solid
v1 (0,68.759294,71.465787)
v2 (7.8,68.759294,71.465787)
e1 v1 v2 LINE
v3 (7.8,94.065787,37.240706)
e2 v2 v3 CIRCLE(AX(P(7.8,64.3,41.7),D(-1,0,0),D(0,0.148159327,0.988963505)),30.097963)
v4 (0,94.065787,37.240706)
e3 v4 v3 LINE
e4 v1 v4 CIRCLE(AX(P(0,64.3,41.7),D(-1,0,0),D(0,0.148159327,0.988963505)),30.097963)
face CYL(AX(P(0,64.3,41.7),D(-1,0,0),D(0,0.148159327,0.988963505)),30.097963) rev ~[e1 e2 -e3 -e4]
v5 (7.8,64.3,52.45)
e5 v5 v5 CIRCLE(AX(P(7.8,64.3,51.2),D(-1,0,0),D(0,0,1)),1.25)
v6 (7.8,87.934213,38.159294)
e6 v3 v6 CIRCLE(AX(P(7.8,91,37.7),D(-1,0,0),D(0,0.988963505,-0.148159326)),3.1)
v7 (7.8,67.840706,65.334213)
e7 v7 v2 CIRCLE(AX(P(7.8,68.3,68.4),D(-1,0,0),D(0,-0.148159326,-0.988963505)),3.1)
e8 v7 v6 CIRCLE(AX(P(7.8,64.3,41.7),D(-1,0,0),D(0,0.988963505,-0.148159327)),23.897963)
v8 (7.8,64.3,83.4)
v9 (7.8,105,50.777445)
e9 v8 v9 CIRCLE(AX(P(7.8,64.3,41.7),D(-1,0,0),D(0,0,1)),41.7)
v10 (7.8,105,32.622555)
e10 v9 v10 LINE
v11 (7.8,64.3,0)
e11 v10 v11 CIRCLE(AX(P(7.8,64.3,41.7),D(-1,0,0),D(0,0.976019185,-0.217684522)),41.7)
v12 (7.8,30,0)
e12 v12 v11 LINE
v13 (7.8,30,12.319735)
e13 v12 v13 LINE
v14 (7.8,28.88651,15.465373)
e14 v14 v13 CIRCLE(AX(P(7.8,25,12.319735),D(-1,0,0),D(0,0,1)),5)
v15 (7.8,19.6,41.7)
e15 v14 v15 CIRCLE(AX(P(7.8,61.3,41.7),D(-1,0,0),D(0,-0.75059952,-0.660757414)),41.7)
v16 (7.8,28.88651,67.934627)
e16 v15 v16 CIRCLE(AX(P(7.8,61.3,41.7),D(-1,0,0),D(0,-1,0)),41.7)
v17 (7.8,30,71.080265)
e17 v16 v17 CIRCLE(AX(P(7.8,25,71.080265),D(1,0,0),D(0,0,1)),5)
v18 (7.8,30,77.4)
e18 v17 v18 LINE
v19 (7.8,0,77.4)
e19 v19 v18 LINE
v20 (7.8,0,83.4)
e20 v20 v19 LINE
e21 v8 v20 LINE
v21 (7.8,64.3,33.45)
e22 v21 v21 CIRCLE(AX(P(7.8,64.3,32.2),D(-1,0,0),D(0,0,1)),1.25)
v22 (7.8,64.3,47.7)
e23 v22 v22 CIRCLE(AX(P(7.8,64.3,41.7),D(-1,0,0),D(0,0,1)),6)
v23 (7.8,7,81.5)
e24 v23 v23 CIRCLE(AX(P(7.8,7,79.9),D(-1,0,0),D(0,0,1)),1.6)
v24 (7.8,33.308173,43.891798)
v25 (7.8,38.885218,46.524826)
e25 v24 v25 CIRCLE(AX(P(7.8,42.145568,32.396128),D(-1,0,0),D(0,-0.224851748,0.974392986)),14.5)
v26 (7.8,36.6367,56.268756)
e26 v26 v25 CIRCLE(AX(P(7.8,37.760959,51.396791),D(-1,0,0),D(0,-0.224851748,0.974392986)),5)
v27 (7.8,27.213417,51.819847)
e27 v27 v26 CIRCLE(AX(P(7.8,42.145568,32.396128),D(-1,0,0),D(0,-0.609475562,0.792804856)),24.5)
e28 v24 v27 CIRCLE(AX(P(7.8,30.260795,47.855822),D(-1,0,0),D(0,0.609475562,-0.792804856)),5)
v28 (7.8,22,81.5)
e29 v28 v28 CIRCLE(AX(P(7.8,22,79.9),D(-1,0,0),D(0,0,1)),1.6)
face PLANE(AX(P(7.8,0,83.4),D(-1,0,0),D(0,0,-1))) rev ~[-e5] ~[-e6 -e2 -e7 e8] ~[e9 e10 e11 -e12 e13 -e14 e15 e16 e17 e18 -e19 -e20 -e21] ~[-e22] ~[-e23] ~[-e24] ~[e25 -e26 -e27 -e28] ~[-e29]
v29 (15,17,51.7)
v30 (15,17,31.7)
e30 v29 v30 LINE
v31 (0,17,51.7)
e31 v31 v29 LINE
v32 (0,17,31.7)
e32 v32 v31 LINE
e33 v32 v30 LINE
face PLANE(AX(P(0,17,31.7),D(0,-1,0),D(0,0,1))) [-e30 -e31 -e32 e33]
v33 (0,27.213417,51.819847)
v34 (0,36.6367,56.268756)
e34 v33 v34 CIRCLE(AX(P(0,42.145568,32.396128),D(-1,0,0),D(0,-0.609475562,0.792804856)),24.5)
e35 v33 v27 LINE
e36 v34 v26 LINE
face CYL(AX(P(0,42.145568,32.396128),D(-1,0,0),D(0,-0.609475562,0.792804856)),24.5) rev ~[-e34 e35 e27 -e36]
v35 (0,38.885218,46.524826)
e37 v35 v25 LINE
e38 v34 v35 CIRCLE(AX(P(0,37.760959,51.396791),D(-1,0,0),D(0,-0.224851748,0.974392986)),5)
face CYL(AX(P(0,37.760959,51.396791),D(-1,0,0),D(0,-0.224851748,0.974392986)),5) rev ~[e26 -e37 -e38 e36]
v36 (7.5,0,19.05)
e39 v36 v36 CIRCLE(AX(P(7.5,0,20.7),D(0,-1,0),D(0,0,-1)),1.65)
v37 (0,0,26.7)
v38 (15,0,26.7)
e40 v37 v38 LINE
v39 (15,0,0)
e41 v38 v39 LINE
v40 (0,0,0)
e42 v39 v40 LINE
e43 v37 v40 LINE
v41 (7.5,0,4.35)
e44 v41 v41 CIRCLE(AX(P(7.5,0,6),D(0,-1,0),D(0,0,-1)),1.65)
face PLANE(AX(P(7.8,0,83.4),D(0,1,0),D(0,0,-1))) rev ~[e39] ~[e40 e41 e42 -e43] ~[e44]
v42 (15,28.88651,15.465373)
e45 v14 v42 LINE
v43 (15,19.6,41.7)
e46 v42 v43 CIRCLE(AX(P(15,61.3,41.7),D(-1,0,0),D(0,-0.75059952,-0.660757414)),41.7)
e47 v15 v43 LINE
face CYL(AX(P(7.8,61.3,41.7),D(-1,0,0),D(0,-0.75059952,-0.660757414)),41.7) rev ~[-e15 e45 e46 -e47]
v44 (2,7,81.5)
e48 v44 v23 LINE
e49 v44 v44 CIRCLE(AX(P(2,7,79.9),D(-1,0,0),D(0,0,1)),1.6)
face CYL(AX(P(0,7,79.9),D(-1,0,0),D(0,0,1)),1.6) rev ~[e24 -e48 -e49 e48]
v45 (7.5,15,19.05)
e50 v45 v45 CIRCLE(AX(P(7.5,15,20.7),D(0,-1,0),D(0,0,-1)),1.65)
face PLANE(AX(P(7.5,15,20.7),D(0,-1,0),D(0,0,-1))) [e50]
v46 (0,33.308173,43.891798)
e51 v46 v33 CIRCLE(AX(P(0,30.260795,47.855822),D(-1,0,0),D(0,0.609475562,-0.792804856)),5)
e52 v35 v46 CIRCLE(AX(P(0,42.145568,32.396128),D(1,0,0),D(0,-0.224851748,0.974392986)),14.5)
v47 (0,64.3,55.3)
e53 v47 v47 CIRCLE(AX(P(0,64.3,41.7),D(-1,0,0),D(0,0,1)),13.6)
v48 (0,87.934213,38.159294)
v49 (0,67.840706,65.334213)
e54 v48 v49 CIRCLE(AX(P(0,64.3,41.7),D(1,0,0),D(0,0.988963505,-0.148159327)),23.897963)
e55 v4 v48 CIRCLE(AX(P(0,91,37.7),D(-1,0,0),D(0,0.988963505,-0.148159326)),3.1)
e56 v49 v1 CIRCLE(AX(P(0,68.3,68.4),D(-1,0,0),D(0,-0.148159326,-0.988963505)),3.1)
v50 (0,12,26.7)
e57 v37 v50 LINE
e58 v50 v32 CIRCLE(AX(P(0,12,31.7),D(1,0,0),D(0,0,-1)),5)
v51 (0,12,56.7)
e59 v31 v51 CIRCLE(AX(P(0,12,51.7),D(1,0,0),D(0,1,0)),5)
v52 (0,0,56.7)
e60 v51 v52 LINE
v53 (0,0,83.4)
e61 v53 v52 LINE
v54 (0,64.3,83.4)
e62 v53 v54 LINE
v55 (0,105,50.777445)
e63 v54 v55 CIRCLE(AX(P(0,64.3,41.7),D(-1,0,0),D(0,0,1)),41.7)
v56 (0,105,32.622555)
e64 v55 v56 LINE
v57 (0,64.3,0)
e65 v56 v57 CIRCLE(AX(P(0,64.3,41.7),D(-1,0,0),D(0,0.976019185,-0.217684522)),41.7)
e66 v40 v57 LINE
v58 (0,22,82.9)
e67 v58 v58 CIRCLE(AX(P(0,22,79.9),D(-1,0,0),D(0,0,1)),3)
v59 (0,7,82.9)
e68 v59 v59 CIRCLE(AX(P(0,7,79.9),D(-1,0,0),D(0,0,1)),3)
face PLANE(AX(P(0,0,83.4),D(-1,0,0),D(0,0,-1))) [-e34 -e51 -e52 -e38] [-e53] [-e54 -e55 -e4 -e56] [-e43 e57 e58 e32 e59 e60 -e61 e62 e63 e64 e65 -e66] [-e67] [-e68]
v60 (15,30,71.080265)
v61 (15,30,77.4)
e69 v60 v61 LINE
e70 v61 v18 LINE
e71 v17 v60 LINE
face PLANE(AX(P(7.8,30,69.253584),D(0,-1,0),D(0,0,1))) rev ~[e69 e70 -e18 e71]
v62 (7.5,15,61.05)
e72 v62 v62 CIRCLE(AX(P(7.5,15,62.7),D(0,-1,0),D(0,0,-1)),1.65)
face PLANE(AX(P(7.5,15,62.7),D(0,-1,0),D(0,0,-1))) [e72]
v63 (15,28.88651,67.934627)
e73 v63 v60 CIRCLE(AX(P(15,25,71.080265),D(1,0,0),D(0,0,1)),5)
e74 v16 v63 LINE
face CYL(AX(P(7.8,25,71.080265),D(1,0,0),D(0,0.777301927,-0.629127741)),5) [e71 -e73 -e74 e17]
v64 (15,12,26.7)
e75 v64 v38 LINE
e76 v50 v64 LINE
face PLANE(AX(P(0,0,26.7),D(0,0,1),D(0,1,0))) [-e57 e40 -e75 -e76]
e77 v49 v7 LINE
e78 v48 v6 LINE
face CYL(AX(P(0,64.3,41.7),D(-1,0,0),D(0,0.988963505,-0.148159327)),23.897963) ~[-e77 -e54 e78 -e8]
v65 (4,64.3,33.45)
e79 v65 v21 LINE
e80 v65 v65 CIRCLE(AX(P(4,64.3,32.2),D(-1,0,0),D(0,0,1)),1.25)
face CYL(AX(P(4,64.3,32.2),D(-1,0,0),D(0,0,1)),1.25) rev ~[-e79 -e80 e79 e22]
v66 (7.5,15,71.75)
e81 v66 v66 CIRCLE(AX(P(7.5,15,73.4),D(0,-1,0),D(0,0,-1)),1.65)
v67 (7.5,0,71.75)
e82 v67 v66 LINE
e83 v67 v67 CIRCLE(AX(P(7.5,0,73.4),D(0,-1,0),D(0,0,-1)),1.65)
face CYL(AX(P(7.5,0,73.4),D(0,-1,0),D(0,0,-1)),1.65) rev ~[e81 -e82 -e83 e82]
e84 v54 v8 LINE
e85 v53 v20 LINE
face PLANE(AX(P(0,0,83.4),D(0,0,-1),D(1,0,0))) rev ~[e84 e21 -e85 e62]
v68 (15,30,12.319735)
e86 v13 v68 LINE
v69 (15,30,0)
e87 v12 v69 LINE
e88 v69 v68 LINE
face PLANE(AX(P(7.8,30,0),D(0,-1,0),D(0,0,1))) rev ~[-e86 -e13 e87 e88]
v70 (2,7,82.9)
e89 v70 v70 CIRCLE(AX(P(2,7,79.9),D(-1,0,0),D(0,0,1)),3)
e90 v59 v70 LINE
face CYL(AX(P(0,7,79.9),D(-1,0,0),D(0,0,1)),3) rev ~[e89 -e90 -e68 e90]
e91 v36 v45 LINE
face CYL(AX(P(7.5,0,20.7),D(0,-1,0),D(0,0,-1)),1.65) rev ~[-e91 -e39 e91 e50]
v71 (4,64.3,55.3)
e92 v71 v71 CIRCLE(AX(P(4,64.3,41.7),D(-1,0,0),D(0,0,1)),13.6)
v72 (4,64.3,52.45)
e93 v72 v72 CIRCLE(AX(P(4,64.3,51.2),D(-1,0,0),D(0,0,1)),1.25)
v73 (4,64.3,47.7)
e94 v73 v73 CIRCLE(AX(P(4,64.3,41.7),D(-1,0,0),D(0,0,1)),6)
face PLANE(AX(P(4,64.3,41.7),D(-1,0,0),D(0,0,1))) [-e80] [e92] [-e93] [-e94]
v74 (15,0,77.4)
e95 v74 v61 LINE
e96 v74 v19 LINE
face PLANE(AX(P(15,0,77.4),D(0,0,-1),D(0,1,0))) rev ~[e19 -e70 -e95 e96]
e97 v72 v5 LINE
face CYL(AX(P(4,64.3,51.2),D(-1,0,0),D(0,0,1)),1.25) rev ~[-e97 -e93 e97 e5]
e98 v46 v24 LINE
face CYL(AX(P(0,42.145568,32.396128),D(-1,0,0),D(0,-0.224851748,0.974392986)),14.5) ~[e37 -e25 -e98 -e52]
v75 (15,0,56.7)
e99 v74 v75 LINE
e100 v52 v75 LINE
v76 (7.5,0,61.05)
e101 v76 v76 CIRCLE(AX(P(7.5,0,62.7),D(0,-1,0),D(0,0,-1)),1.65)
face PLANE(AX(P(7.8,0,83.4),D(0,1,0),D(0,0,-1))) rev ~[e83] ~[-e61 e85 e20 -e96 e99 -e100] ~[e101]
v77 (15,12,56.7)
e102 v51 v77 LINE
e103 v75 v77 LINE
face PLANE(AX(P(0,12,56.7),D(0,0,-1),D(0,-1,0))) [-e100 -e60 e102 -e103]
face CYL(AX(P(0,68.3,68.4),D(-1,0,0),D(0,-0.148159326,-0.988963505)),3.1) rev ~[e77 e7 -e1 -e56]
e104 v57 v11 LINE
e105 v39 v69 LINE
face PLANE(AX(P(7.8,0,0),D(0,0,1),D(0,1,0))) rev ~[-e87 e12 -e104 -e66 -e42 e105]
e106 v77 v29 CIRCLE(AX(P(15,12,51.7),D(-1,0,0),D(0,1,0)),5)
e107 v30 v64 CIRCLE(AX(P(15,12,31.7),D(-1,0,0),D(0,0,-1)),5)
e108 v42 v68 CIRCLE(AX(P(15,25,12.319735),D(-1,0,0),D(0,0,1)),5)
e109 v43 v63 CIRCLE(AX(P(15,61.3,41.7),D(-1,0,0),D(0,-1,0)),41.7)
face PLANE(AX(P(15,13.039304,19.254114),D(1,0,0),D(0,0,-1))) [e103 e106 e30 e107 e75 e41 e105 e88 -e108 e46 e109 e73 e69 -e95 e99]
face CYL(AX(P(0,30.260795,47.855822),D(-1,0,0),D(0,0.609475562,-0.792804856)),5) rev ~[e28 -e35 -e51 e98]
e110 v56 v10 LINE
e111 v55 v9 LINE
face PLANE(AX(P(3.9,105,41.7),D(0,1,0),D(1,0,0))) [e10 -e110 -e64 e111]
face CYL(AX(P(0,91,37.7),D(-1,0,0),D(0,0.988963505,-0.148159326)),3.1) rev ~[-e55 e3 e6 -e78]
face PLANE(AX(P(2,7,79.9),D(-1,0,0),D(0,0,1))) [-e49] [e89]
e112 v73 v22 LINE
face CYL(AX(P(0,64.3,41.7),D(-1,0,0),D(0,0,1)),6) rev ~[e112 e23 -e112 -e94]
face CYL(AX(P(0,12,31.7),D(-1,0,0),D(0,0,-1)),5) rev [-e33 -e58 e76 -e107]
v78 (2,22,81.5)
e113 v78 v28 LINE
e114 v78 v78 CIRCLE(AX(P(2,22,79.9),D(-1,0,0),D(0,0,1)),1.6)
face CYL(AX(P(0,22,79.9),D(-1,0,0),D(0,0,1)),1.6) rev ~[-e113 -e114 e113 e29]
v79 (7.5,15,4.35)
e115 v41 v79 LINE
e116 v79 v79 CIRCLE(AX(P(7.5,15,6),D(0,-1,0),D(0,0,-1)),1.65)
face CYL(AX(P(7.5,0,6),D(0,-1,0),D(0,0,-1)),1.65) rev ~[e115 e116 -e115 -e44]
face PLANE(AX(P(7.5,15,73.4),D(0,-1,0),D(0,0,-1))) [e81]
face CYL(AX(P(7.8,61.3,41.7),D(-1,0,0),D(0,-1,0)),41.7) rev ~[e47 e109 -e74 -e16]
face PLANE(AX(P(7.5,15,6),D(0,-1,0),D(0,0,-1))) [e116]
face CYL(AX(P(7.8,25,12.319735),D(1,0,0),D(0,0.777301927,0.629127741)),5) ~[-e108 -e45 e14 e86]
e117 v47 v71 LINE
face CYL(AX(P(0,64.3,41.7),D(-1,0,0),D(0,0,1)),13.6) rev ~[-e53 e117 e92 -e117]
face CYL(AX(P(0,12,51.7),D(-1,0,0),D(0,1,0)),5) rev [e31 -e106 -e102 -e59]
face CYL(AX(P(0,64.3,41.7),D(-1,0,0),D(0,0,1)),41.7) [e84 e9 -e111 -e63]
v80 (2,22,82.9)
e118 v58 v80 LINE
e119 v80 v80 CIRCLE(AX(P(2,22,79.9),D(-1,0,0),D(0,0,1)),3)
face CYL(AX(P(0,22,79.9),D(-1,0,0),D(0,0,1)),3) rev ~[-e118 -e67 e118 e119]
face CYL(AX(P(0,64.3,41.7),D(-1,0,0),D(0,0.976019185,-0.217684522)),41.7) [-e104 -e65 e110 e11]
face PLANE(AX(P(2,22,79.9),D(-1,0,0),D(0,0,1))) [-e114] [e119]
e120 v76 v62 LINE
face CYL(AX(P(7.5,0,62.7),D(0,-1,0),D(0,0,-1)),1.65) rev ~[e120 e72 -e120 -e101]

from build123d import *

# Parameters (mm, degrees)
SKETCH_1_W           = 7.8
SKETCH_1_H           = 83.4
EXTRUDE_1_DEPTH      = 105
CUT_EXTRUDE_1_DEPTH  = 135.318278726
SKETCH_3_R           = 6
CUT_EXTRUDE_2_DEPTH  = 135.318278726
SKETCH_4_R           = 13.6
CUT_EXTRUDE_3_DEPTH  = 4
SKETCH_5_R           = 1.25
CUT_EXTRUDE_4_DEPTH  = 4
EXTRUDE_2_DEPTH      = 7.2
SKETCH_7_W           = 6
SKETCH_7_H           = 30
CUT_EXTRUDE_5_DEPTH  = 7.2
CUT_EXTRUDE_6_DEPTH  = 135.92798079
SKETCH_9_R           = 1.65
CUT_EXTRUDE_7_DEPTH  = 15
CUT_EXTRUDE_8_DEPTH  = 135.92798079
FILLET_1_R           = 5
CUT_EXTRUDE_10_DEPTH = 135.92798079
SKETCH_16_R          = 1.6
CUT_EXTRUDE_11_DEPTH = 135.92798079
SKETCH_17_R          = 3
CUT_EXTRUDE_12_DEPTH = 2


with BuildPart() as part:
    # 草图1 → 凸台-拉伸1 (new body)
    with BuildSketch(Plane(origin=(0, 0, 0), x_dir=(1, 0, 0), z_dir=(0, 1, 0))):
        with Locations((3.9, -41.7)):
            Rectangle(SKETCH_1_W, SKETCH_1_H)
    extrude(amount=EXTRUDE_1_DEPTH)

    # 草图2 → 切除-拉伸1 (cut, through all)
    with BuildSketch(Plane.ZY):
        with BuildLine():
            Line((0, 64.3), (0, 105))
            Line((0, 105), (32.622555426, 105))
            ThreePointArc((32.622555426, 105), (9.162180169, 90.380266115), (0, 64.3))
        make_face()
        with BuildLine():
            Line((83.4, 105), (83.4, 64.3))
            ThreePointArc((83.4, 64.3), (74.237819831, 90.380266115), (50.777444574, 105))
            Line((50.777444574, 105), (83.4, 105))
        make_face()
    extrude(amount=-CUT_EXTRUDE_1_DEPTH, mode=Mode.SUBTRACT)

    # 草图3 → 切除-拉伸2 (cut, through all)
    with BuildSketch(Plane.ZY):
        with Locations((41.7, 64.3)):
            Circle(SKETCH_3_R)
    extrude(amount=-CUT_EXTRUDE_2_DEPTH, mode=Mode.SUBTRACT)

    # 草图4 → 切除-拉伸3 (cut)
    with BuildSketch(Plane.ZY):
        with Locations((41.7, 64.3)):
            Circle(SKETCH_4_R)
    extrude(amount=-CUT_EXTRUDE_3_DEPTH, mode=Mode.SUBTRACT)

    # 草图5 → 切除-拉伸4 (cut)
    with BuildSketch(Plane.ZY.offset(-4)):
        with Locations((32.2, 64.3)):
            Circle(SKETCH_5_R)
        with Locations((51.2, 64.3)):
            Circle(SKETCH_5_R)
    extrude(amount=-CUT_EXTRUDE_4_DEPTH, mode=Mode.SUBTRACT)

    # 草图6 → 凸台-拉伸2 (add)
    with BuildSketch(Plane(origin=(7.8, 0, 0), x_dir=(0, 0, -1), z_dir=(1, 0, 0))):
        with BuildLine():
            ThreePointArc((-14.146415841, 30), (-26.974511893, 22.286540784), (-41.7, 19.6))
            Line((-41.7, 19.6), (-41.7, 0))
            Line((-41.7, 0), (0, 0))
            Line((0, 0), (0, 30))
            Line((0, 30), (-14.146415841, 30))
        make_face()
        with BuildLine():
            Line((-41.7, 0), (-41.7, 19.6))
            ThreePointArc((-41.7, 19.6), (-56.425488107, 22.286540784), (-69.253584159, 30))
            Line((-69.253584159, 30), (-83.4, 30))
            Line((-83.4, 30), (-83.4, 0))
            Line((-83.4, 0), (-41.7, 0))
        make_face()
    extrude(amount=EXTRUDE_2_DEPTH)

    # 草图7 → 切除-拉伸5 (cut)
    with BuildSketch(Plane(origin=(15, 0, 0), x_dir=(0, 0, -1), z_dir=(1, 0, 0))):
        with Locations((-80.4, 15)):
            Rectangle(SKETCH_7_W, SKETCH_7_H)
    extrude(amount=-CUT_EXTRUDE_5_DEPTH, mode=Mode.SUBTRACT)

    # 草图8 → 切除-拉伸6 (cut, through all)
    with BuildSketch(Plane.ZY):
        with BuildLine():
            Line((31.7, 17), (51.7, 17))
            ThreePointArc((51.7, 17), (55.235533906, 15.535533906), (56.7, 12))
            Line((56.7, 12), (56.7, 0))
            Line((56.7, 0), (26.7, 0))
            Line((26.7, 0), (26.7, 12))
            ThreePointArc((26.7, 12), (28.164466094, 15.535533906), (31.7, 17))
        make_face()
    extrude(amount=-CUT_EXTRUDE_6_DEPTH, mode=Mode.SUBTRACT)

    # 草图9 → 切除-拉伸7 (cut)
    with BuildSketch(Plane.XZ):
        with Locations(Location((7.5, 73.4, 0), (0, 0, 270))):
            Circle(SKETCH_9_R)
        with Locations(Location((7.5, 62.7, 0), (0, 0, 270))):
            Circle(SKETCH_9_R)
        with Locations(Location((7.5, 20.7, 0), (0, 0, 270))):
            Circle(SKETCH_9_R)
        with Locations(Location((7.5, 6, 0), (0, 0, 270))):
            Circle(SKETCH_9_R)
    extrude(amount=-CUT_EXTRUDE_7_DEPTH, mode=Mode.SUBTRACT)

    # 草图10 → 切除-拉伸8 (cut, through all)
    with BuildSketch(Plane.ZY):
        with BuildLine():
            ThreePointArc((71.465786865, 68.759293912), (59.594392775, 88.500786704), (37.240706088, 94.065786865))
            ThreePointArc((37.240706088, 94.065786865), (34.634213135, 90.540706088), (38.159293912, 87.934213135))
            ThreePointArc((38.159293912, 87.934213135), (55.908255091, 83.51556966), (65.334213135, 67.840706088))
            ThreePointArc((65.334213135, 67.840706088), (68.859293912, 65.234213135), (71.465786865, 68.759293912))
        make_face()
    extrude(amount=-CUT_EXTRUDE_8_DEPTH, mode=Mode.SUBTRACT)

    # 圆角1
    fillet_1_edges = [part.edges().sort_by_distance(p)[0] for p in [
        (11.4, 30, 14.146415841),
        (11.4, 30, 69.253584159),
    ]]
    fillet(fillet_1_edges, radius=FILLET_1_R)

    # 草图15 → 切除-拉伸10 (cut, through all)
    with BuildSketch(Plane.ZY):
        with BuildLine():
            ThreePointArc((51.819846568, 27.213416986), (54.551104159, 31.68578749), (56.268755758, 36.63670043))
            ThreePointArc((56.268755758, 36.63670043), (52.521049565, 42.632924099), (46.524825896, 38.885217906))
            ThreePointArc((46.524825896, 38.885217906), (45.508256582, 35.955085758), (43.891798008, 33.308172603))
            ThreePointArc((43.891798008, 33.308172603), (44.80844448, 26.296770514), (51.819846568, 27.213416986))
        make_face()
    extrude(amount=-CUT_EXTRUDE_10_DEPTH, mode=Mode.SUBTRACT)

    # 草图16 → 切除-拉伸11 (cut, through all)
    with BuildSketch(Plane.ZY):
        with Locations((79.9, 7)):
            Circle(SKETCH_16_R)
        with Locations((79.9, 22)):
            Circle(SKETCH_16_R)
    extrude(amount=-CUT_EXTRUDE_11_DEPTH, mode=Mode.SUBTRACT)

    # 草图17 → 切除-拉伸12 (cut)
    with BuildSketch(Plane.ZY):
        with Locations((79.9, 7)):
            Circle(SKETCH_17_R)
        with Locations((79.9, 22)):
            Circle(SKETCH_17_R)
    extrude(amount=-CUT_EXTRUDE_12_DEPTH, mode=Mode.SUBTRACT)


solid = part.part
